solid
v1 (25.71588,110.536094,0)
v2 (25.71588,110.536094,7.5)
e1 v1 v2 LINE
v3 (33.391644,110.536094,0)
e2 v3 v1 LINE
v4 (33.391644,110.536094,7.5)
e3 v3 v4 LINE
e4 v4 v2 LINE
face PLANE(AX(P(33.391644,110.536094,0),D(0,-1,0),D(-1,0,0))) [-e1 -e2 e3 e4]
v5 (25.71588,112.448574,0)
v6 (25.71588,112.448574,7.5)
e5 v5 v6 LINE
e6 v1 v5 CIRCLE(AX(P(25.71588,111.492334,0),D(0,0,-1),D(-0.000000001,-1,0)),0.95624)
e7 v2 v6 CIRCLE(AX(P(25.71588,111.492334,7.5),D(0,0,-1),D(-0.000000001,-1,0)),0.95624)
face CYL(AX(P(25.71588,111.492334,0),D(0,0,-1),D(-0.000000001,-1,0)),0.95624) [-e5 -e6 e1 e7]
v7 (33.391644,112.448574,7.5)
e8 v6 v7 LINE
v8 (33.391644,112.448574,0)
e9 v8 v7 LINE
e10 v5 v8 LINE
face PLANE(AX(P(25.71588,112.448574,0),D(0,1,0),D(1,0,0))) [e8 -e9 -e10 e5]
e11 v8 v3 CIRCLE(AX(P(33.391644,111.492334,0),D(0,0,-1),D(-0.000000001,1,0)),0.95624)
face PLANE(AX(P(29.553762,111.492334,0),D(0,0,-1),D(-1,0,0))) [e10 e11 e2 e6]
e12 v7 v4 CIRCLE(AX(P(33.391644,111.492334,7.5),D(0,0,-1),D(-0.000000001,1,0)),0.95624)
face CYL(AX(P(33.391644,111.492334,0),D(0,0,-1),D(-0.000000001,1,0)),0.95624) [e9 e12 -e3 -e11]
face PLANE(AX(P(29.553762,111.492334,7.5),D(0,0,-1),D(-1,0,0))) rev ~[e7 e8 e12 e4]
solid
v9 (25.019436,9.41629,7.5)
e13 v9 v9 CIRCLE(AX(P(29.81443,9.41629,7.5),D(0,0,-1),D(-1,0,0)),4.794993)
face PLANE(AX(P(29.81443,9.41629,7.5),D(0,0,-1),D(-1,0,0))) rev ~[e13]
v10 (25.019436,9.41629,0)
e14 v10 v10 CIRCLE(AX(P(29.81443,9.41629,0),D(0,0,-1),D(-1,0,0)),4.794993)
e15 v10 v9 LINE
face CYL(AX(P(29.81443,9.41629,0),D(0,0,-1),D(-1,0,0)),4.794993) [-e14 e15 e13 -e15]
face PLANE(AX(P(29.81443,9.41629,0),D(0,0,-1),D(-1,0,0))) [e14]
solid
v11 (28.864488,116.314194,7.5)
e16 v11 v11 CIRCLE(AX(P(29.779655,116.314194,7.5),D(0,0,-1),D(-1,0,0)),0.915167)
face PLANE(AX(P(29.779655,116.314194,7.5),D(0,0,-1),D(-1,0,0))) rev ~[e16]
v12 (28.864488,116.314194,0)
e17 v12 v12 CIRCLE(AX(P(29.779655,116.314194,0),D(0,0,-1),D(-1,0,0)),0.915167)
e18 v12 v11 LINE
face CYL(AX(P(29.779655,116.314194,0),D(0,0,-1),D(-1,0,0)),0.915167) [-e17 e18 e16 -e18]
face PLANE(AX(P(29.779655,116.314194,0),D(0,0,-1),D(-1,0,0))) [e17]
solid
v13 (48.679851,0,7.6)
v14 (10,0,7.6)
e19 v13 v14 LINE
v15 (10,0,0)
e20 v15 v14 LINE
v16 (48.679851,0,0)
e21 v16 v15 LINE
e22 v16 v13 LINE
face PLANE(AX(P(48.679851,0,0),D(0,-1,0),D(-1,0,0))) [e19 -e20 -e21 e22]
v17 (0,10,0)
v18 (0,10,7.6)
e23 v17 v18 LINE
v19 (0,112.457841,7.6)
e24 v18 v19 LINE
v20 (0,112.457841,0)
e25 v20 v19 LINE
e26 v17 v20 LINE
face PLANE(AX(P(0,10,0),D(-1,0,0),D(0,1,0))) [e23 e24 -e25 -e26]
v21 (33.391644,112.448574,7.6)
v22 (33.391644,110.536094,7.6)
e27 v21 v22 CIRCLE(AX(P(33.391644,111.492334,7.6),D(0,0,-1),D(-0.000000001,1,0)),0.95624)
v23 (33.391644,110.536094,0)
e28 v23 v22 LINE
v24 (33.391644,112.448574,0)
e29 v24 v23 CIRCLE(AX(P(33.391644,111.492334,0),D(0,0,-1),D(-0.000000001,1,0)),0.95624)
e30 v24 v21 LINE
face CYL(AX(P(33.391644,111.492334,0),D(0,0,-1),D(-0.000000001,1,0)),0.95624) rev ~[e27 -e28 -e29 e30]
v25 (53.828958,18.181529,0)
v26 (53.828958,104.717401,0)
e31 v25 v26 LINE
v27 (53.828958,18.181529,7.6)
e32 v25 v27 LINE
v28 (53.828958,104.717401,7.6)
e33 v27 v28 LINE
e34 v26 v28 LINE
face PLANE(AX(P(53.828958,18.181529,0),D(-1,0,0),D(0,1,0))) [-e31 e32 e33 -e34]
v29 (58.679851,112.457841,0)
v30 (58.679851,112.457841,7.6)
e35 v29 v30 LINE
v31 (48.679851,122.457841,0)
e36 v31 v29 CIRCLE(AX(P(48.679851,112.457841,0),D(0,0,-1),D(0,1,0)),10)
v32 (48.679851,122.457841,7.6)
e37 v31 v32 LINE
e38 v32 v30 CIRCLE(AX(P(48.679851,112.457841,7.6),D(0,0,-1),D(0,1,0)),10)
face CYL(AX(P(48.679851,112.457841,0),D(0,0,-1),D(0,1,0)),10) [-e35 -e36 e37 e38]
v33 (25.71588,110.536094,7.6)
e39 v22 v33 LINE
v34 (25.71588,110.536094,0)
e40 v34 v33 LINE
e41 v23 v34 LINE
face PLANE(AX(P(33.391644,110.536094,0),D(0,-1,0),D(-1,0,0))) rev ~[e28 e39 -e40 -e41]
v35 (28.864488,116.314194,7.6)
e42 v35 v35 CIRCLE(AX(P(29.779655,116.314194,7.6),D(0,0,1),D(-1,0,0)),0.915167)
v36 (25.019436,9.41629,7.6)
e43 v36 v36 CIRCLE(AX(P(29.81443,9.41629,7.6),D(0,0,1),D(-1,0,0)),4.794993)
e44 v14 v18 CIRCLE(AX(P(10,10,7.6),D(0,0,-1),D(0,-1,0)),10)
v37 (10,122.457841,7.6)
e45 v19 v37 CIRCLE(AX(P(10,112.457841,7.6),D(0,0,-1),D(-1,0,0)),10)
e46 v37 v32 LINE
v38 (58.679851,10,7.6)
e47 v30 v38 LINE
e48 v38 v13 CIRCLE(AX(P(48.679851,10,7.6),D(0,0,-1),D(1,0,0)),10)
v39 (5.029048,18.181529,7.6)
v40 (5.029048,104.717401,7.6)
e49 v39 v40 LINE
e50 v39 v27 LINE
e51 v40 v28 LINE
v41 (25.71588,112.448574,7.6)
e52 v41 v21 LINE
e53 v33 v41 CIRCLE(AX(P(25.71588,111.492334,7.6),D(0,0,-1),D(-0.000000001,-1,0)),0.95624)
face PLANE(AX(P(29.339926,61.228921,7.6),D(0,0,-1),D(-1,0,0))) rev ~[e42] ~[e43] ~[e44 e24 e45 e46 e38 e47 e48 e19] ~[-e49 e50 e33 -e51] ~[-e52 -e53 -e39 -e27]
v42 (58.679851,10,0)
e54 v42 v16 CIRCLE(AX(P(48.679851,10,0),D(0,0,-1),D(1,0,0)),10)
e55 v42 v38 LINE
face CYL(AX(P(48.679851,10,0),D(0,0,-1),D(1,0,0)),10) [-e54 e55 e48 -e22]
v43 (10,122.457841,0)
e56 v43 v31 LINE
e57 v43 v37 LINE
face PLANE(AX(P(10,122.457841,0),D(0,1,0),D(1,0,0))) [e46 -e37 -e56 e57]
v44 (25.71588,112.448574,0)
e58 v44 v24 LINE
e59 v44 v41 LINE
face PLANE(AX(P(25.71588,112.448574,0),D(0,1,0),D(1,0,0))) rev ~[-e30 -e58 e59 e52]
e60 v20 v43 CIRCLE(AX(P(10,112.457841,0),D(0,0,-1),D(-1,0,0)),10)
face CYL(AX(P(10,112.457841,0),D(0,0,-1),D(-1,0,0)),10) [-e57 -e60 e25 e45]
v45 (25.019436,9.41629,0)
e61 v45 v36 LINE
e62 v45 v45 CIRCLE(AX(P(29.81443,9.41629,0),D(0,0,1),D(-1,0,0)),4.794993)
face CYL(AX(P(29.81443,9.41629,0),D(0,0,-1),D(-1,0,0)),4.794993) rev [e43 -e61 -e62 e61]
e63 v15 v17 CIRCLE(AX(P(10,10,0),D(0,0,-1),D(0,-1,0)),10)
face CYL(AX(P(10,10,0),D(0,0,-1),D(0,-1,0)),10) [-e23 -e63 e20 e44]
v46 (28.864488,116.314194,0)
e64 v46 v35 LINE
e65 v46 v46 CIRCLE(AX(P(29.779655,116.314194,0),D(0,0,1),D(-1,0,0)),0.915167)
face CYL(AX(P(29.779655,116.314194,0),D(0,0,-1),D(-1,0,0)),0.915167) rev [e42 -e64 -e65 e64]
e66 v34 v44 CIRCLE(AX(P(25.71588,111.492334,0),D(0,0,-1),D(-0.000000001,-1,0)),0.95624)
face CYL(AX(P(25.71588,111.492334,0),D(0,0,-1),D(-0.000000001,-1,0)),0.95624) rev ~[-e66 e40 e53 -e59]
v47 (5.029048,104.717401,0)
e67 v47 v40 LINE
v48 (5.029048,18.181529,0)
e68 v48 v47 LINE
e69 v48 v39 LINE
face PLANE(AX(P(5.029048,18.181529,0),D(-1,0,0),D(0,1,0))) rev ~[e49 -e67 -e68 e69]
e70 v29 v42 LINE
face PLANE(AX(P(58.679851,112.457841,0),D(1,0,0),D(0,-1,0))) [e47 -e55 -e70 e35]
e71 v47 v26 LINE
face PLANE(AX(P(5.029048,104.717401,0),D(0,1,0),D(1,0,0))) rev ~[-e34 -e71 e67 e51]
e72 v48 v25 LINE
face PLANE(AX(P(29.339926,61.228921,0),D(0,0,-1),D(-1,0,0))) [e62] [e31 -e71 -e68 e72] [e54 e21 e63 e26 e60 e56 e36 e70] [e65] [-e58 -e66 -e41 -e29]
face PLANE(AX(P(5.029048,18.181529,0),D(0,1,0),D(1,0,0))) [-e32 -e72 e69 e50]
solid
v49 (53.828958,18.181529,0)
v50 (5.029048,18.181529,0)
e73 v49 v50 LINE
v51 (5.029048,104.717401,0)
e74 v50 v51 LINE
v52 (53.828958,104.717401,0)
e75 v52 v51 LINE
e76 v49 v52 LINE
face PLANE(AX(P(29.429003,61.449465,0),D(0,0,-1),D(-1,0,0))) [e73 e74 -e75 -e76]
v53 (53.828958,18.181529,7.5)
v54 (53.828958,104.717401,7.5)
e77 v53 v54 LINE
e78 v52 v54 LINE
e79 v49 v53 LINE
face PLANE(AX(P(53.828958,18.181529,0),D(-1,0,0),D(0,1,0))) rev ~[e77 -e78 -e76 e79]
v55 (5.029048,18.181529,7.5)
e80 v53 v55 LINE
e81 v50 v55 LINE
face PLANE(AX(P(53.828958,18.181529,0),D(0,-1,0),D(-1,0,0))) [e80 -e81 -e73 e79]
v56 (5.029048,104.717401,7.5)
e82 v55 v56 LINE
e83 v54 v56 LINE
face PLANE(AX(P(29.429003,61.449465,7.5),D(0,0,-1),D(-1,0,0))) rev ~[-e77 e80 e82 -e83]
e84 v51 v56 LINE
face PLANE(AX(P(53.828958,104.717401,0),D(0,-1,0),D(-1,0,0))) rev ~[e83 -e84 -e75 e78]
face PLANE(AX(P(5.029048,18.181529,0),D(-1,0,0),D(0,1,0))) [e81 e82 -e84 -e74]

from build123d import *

# Parameters (mm, degrees)
SKETCH1_R             = 4.794993456
SKETCH1_R_2           = 0.915166918
SKETCH1_W             = 48.799909539
SKETCH1_H             = 86.535871975
BOSS_EXTRUDE1_DEPTH   = 7.6
SKETCH3_R             = 0.915166918
BOSS_EXTRUDE2_DEPTH   = 7.5
SKETCH3_R_2           = 4.794993456
BOSS_EXTRUDE2_2_DEPTH = 7.5
BOSS_EXTRUDE2_3_DEPTH = 7.5
SKETCH3_W             = 48.799909539
SKETCH3_H             = 86.535871975
BOSS_EXTRUDE2_4_DEPTH = 7.5


with BuildPart() as part:
    # Sketch1 → Boss-Extrude1 (new body)
    with BuildSketch(Plane.XY):
        with BuildLine():
            Line((10, 122.457841284), (48.679851021, 122.457841284))
            ThreePointArc((48.679851021, 122.457841284), (55.750918833, 119.528909096), (58.679851021, 112.457841284))
            Line((58.679851021, 112.457841284), (58.679851021, 10))
            ThreePointArc((58.679851021, 10), (55.750918833, 2.928932188), (48.679851021, 0))
            Line((48.679851021, 0), (10, 0))
            ThreePointArc((10, 0), (2.928932188, 2.928932188), (0, 10))
            Line((0, 10), (0, 112.457841284))
            ThreePointArc((0, 112.457841284), (2.928932188, 119.528909096), (10, 122.457841284))
        make_face()
        with Locations(Location((29.814429581, 9.416290081, 0), (0, 0, 180))):
            Circle(SKETCH1_R, mode=Mode.SUBTRACT)
        with Locations(Location((29.779654638, 116.314194172, 0), (0, 0, 180))):
            Circle(SKETCH1_R_2, mode=Mode.SUBTRACT)
        with BuildLine():
            Line((25.715880065, 112.44857436), (33.39164387, 112.44857436))
            ThreePointArc((33.39164387, 112.44857436), (34.347883806, 111.492334425), (33.39164387, 110.536094489))
            Line((33.39164387, 110.536094489), (25.715880065, 110.536094489))
            ThreePointArc((25.715880065, 110.536094489), (24.75964013, 111.492334425), (25.715880065, 112.44857436))
        make_face(mode=Mode.SUBTRACT)
        with Locations((29.429003068, 61.44946515)):
            Rectangle(SKETCH1_W, SKETCH1_H, mode=Mode.SUBTRACT)
    extrude(amount=BOSS_EXTRUDE1_DEPTH)


with BuildPart() as body_2:
    # Sketch3 → Boss-Extrude2 (new body)
    with BuildSketch(Plane(origin=(0, 0, 0), x_dir=(-1, 0, 0), z_dir=(0, 0, -1))):
        with Locations((-29.779654638, 116.314194172)):
            Circle(SKETCH3_R)
    extrude(amount=-BOSS_EXTRUDE2_DEPTH)


with BuildPart() as body_3:
    # Sketch3 → Boss-Extrude2 2 (new body)
    with BuildSketch(Plane(origin=(0, 0, 0), x_dir=(-1, 0, 0), z_dir=(0, 0, -1))):
        with Locations((-29.814429581, 9.416290081)):
            Circle(SKETCH3_R_2)
    extrude(amount=-BOSS_EXTRUDE2_2_DEPTH)


with BuildPart() as body_4:
    # Sketch3 → Boss-Extrude2 3 (new body)
    with BuildSketch(Plane(origin=(0, 0, 0), x_dir=(-1, 0, 0), z_dir=(0, 0, -1))):
        with BuildLine():
            Line((-25.715880065, 112.44857436), (-33.39164387, 112.44857436))
            ThreePointArc((-33.39164387, 112.44857436), (-34.347883806, 111.492334425), (-33.39164387, 110.536094489))
            Line((-33.39164387, 110.536094489), (-25.715880065, 110.536094489))
            ThreePointArc((-25.715880065, 110.536094489), (-24.75964013, 111.492334425), (-25.715880065, 112.44857436))
        make_face()
    extrude(amount=-BOSS_EXTRUDE2_3_DEPTH)


with BuildPart() as body_5:
    # Sketch3 → Boss-Extrude2 4 (new body)
    with BuildSketch(Plane(origin=(0, 0, 0), x_dir=(-1, 0, 0), z_dir=(0, 0, -1))):
        with Locations((-29.429003068, 61.44946515)):
            Rectangle(SKETCH3_W, SKETCH3_H)
    extrude(amount=-BOSS_EXTRUDE2_4_DEPTH)


solid = Compound([part.part, body_2.part, body_3.part, body_4.part, body_5.part])
